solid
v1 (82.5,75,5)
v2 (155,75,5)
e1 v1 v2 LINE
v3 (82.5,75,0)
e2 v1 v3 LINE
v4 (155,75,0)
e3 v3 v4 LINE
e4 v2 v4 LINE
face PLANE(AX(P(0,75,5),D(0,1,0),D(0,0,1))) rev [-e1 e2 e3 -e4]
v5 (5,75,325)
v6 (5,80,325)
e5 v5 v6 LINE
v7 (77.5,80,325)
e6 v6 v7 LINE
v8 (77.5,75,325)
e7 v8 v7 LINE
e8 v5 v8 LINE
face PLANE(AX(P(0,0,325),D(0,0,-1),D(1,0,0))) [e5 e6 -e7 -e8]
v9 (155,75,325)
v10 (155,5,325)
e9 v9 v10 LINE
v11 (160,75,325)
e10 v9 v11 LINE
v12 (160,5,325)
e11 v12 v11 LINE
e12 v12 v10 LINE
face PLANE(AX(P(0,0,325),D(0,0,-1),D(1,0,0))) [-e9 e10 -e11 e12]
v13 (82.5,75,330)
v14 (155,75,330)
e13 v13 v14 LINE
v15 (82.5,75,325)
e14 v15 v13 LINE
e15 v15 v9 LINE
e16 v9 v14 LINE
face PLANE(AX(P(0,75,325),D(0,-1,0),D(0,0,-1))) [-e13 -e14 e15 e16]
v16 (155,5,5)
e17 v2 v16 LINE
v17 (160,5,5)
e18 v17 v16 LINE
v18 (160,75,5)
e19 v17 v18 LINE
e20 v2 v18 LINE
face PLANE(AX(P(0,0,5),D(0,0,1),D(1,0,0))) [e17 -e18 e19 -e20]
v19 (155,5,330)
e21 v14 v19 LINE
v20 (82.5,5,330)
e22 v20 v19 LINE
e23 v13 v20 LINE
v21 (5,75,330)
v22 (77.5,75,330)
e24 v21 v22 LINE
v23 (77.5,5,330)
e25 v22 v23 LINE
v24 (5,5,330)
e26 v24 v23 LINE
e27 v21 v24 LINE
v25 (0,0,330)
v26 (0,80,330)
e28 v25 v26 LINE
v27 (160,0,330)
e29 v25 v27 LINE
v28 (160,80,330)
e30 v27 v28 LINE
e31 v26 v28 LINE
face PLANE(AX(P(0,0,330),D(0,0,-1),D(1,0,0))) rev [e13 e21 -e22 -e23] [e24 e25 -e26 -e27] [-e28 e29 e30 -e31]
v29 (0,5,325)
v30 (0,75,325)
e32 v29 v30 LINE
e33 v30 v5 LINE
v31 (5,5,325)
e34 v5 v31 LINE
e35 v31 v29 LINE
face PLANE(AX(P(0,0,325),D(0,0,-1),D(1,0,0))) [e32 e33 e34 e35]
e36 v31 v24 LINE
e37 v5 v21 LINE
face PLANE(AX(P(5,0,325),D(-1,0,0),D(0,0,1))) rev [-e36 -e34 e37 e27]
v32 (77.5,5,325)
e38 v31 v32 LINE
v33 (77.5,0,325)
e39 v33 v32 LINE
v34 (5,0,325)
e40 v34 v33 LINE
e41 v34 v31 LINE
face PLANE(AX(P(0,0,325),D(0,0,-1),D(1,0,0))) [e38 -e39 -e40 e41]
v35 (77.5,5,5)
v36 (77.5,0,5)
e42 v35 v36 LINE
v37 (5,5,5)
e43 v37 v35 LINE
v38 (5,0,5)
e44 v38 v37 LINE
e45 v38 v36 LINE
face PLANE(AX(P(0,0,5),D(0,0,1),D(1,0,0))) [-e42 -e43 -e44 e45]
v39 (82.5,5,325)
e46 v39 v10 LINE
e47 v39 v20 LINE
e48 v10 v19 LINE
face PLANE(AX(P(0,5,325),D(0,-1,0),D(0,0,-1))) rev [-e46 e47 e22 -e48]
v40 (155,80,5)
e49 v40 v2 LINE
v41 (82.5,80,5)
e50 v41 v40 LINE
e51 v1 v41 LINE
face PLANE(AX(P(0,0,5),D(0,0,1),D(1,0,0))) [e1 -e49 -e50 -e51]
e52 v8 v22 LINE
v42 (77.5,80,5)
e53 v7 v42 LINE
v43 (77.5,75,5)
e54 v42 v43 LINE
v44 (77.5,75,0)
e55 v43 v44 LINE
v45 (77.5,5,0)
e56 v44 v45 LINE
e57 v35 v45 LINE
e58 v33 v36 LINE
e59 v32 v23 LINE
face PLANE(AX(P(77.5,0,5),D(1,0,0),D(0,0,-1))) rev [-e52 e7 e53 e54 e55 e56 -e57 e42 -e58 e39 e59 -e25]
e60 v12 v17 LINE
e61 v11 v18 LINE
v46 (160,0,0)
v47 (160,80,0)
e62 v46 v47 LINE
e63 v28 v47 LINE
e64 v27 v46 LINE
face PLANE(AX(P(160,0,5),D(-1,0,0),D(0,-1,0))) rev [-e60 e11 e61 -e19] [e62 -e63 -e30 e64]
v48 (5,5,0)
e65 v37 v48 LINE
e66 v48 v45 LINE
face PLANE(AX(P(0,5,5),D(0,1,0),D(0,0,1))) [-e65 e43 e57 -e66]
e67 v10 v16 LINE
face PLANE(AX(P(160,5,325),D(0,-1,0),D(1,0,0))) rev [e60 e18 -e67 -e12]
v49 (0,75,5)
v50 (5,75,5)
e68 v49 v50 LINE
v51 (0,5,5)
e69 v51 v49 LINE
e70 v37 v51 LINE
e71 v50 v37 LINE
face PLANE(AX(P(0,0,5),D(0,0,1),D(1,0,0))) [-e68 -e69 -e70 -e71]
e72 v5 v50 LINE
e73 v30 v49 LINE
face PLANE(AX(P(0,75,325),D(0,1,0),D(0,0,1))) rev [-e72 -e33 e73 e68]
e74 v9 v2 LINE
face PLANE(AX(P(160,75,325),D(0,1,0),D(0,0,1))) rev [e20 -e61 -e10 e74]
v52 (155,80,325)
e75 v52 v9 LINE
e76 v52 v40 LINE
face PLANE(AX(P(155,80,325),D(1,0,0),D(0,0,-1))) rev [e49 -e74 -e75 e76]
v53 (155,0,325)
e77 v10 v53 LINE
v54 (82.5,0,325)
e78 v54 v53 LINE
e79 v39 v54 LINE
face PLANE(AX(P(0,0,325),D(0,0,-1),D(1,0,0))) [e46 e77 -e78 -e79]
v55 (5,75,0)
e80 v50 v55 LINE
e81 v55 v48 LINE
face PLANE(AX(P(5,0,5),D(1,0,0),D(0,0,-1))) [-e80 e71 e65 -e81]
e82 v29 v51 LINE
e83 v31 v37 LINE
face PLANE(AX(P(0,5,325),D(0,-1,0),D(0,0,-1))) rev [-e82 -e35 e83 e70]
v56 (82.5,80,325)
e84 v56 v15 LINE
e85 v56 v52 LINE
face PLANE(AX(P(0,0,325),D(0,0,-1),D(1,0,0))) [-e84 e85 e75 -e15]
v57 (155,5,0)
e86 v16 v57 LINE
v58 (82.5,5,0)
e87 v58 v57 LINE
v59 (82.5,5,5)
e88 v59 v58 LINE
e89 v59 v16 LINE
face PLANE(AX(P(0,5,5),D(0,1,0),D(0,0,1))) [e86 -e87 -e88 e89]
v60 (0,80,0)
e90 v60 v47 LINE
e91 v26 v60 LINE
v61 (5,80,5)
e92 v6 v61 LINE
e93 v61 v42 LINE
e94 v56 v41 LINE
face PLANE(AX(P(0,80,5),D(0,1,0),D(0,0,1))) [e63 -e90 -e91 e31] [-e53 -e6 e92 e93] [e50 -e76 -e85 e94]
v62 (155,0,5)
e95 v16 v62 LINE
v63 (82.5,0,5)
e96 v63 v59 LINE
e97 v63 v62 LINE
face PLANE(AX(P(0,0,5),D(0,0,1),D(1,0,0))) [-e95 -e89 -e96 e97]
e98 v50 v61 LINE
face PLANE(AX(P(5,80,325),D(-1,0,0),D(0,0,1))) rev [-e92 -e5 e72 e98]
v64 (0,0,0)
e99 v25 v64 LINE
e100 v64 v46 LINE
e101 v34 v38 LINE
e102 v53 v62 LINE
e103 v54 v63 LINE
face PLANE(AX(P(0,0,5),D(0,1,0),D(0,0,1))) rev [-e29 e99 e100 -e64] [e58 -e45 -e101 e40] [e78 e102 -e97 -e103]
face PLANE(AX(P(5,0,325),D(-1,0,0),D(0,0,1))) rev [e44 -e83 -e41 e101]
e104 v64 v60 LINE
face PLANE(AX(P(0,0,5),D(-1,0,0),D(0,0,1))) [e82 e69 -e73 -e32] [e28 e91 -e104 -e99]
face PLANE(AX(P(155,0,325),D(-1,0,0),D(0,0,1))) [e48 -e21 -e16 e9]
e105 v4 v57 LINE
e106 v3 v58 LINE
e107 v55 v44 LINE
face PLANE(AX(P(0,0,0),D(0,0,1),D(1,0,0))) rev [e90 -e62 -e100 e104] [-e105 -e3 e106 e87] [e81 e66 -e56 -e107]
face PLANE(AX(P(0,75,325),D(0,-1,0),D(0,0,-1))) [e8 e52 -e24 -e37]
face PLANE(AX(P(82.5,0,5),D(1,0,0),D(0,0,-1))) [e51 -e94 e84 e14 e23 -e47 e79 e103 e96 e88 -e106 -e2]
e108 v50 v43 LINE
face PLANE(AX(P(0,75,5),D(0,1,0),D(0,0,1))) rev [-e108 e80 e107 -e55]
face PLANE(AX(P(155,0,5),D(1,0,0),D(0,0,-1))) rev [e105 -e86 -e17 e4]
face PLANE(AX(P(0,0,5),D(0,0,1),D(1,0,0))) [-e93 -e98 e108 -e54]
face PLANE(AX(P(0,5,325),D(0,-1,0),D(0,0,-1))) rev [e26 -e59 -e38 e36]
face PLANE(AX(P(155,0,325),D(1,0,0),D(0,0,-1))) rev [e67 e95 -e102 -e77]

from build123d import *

# Parameters (mm, degrees)
SKETCH3_W           = 160
SKETCH3_H           = 80
SKETCH3_W_2         = 150
SKETCH3_H_2         = 70
BOSS_EXTRUDE2_DEPTH = 5
SKETCH4_W           = 5
SKETCH4_H           = 5
BOSS_EXTRUDE3_DEPTH = 320
BOSS_EXTRUDE4_REACH = 327
SKETCH5_W           = 5
SKETCH5_H           = 80


with BuildPart() as part:
    # Sketch3 → Boss-Extrude2 (new body)
    with BuildSketch(Plane.XY):
        with Locations((80, 40)):
            Rectangle(SKETCH3_W, SKETCH3_H)
        with Locations((80, 40)):
            Rectangle(SKETCH3_W_2, SKETCH3_H_2, mode=Mode.SUBTRACT)
        Polygon((77.5, 75), (77.5, 41.649156988), (77.5, 5), (82.5, 5), (82.5, 41.649156988), (82.5, 75), align=None)
    boss_extrude2 = extrude(amount=BOSS_EXTRUDE2_DEPTH)

    # Sketch4 → Boss-Extrude3 (add)
    with BuildSketch(Plane.XY.offset(5)):
        with Locations((2.5, 2.5)):
            Rectangle(SKETCH4_W, SKETCH4_H)
        with Locations((2.5, 77.5)):
            Rectangle(SKETCH4_W, SKETCH4_H)
        with Locations((157.5, 77.5)):
            Rectangle(SKETCH4_W, SKETCH4_H)
        with Locations((157.5, 2.5)):
            Rectangle(SKETCH4_W, SKETCH4_H)
    extrude(amount=BOSS_EXTRUDE3_DEPTH)

    # Mirror1: Boss-Extrude2 across plane
    add(boss_extrude2.mirror(Plane.XY.offset(165)))

    # Sketch5 → Boss-Extrude4 (add, up to next)
    with BuildSketch(Plane.XY.offset(5), mode=Mode.PRIVATE) as boss_extrude4_sk1:
        with Locations((80, 40)):
            Rectangle(SKETCH5_W, SKETCH5_H)
    boss_extrude4_tool1 = extrude(boss_extrude4_sk1.sketch, amount=BOSS_EXTRUDE4_REACH, mode=Mode.PRIVATE) - part.part
    add(boss_extrude4_tool1.solids().sort_by_distance((80, 40, 5))[0])


solid = part.part
